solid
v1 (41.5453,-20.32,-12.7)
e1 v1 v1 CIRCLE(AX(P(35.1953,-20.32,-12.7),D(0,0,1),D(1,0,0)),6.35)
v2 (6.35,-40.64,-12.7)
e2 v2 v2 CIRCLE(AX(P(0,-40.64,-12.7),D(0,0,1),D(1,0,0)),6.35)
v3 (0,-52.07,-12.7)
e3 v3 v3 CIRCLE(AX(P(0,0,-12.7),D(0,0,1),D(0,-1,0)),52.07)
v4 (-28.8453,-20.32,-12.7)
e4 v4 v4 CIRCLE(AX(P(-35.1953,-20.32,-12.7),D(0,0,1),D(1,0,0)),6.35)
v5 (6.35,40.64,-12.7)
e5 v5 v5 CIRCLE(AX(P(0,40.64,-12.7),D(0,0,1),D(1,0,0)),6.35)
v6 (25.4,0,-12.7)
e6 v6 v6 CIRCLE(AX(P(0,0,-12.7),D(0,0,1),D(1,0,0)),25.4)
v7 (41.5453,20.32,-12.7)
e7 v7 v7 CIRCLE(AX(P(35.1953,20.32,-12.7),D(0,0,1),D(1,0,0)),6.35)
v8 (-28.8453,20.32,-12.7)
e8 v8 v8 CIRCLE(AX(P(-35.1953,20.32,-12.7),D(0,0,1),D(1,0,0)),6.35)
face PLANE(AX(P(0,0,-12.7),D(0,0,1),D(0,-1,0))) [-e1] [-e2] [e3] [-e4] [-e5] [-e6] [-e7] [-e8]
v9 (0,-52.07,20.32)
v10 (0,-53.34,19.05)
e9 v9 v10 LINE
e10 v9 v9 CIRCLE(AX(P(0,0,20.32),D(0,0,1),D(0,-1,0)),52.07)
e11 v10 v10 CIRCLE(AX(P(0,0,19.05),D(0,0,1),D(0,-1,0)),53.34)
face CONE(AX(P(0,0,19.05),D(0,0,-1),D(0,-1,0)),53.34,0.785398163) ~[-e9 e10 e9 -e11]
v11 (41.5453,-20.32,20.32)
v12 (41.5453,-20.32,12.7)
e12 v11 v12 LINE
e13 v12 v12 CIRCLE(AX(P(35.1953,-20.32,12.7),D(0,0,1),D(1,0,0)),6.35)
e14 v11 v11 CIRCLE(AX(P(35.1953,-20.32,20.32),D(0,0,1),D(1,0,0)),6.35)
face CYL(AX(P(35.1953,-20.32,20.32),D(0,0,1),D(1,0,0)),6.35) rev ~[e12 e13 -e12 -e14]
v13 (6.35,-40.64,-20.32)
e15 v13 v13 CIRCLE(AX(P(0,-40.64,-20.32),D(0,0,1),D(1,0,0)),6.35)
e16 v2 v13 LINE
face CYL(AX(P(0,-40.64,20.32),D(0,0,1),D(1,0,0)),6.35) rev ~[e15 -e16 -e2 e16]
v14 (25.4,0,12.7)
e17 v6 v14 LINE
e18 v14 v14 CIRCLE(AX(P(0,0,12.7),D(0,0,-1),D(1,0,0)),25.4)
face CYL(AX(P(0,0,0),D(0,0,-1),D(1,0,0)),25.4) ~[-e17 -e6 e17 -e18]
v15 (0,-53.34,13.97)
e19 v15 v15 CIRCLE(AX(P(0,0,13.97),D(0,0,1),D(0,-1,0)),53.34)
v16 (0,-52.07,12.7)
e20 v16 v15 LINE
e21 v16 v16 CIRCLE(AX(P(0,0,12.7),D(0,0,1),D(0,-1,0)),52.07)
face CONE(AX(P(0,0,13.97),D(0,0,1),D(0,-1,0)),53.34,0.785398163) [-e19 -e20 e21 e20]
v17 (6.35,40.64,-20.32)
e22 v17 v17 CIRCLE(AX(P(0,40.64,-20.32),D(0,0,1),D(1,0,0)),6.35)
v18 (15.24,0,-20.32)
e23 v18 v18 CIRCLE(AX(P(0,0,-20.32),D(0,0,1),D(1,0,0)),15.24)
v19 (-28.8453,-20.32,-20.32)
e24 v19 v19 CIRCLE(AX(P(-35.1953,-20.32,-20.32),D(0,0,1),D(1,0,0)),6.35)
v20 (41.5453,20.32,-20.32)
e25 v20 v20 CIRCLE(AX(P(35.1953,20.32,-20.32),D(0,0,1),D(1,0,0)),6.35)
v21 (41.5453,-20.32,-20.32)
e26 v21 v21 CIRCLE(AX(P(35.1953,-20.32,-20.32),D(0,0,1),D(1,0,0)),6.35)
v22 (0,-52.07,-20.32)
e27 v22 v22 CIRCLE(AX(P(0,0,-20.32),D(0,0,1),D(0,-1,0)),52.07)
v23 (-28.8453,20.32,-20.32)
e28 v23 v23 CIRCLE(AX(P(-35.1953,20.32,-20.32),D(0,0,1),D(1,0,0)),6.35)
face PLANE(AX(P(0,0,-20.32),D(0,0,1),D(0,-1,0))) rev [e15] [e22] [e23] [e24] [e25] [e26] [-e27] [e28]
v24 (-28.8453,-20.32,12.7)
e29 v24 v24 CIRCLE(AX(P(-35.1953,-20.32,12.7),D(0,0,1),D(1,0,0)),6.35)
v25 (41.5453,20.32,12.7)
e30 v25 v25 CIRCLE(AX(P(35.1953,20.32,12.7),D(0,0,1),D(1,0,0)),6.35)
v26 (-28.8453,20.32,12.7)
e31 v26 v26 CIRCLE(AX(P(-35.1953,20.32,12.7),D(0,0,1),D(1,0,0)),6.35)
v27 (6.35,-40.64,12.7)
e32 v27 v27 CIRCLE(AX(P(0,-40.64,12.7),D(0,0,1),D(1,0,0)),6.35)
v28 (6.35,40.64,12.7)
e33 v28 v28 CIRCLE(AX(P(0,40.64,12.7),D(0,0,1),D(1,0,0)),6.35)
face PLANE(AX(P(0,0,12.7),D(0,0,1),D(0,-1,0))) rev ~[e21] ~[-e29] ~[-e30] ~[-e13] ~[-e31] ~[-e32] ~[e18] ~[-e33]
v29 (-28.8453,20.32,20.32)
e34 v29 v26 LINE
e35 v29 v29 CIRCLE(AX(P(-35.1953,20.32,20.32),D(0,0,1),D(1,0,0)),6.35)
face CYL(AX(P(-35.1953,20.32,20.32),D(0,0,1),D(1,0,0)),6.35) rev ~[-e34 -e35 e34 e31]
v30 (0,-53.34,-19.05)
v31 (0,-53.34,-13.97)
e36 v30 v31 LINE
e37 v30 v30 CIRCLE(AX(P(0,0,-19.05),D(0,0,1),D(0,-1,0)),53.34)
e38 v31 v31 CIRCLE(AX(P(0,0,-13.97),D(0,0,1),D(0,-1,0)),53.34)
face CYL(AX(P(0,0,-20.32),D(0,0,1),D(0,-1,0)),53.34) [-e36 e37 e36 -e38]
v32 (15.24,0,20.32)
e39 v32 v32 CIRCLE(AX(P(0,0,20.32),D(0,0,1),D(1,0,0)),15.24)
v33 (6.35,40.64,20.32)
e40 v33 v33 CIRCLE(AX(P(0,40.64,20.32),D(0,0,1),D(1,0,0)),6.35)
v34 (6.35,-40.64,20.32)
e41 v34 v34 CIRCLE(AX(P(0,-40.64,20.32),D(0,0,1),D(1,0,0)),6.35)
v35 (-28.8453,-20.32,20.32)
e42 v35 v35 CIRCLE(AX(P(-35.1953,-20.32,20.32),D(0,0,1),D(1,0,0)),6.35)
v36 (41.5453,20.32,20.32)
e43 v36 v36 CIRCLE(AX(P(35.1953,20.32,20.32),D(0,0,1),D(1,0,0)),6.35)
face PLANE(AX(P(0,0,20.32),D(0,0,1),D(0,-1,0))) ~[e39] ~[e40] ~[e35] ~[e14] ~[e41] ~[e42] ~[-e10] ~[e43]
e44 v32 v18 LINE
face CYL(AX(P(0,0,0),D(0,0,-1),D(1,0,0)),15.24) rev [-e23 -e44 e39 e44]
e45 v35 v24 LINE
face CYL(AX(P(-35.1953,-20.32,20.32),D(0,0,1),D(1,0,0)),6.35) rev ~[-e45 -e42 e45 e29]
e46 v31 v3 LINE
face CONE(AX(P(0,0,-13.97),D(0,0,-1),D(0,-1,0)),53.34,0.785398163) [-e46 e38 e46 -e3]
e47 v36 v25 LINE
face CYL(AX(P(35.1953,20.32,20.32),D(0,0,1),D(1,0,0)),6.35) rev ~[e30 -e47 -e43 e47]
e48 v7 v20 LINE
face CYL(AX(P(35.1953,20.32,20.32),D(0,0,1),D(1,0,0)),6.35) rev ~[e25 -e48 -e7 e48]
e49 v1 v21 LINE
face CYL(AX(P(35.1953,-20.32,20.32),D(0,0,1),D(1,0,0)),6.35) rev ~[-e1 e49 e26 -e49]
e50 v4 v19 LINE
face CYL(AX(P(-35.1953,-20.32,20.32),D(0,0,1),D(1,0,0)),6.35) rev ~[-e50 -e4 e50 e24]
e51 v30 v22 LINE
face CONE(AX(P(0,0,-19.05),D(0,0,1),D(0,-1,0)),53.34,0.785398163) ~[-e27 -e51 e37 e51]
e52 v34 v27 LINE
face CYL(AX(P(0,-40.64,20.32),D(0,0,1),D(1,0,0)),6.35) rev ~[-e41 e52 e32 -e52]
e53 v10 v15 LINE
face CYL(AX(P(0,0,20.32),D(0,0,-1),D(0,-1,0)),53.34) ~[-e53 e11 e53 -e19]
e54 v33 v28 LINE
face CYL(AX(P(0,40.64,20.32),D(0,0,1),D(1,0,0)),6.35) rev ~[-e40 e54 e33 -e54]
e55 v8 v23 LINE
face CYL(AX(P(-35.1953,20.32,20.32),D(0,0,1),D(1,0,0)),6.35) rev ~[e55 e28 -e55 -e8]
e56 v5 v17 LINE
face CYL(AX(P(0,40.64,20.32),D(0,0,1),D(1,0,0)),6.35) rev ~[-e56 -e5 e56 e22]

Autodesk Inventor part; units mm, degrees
ref_plane "YZ Plane" through (0, 0, 0) normal (1, 0, 0) x (0, 1, 0)
ref_plane "XZ Plane" through (0, 0, 0) normal (0, 1, 0) x (-1, 0, 0)
ref_plane "XY Plane" through (0, 0, 0) normal (0, 0, 1) x (1, 0, 0)
sketch "Sketch1" plane through (0, 0, 0) normal (0, 0, 1) x (1, 0, 0)
  circle A0 centre (0, 0) radius 15.24
  circle A1 centre (0, 0) radius 25.4
  dimension "d0" = 30.48
  dimension "d1" = 50.8
extrude "Extrusion1" add sketch "Sketch1" along normal mid plane 40.64
sketch "Sketch2" plane through (0, 0, 0) normal (1, 0, 0) x (0, 1, 0)
  line L0 (25.4, -20.32) -> (15.24, -20.32) projected
  line L1 (15.24, -20.32) -> (15.24, 20.32) projected
  line L2 (15.24, 20.32) -> (25.4, 20.32) projected
  line L3 (25.4, 20.32) -> (25.4, -20.32) projected
  line L4 (-15.24, -20.32) -> (-25.4, -20.32) projected
  line L5 (-25.4, -20.32) -> (-25.4, 20.32) projected
  line L6 (-25.4, 20.32) -> (-15.24, 20.32) projected
  line L7 (-15.24, 20.32) -> (-15.24, -20.32) projected
  line L8 (25.4, -20.32) -> (15.24, -20.32) projected
  line L9 (15.24, -20.32) -> (15.24, 20.32) projected
  line L10 (15.24, 20.32) -> (25.4, 20.32) projected
  line L11 (25.4, 20.32) -> (25.4, -20.32) projected
  line L12 (-15.24, -20.32) -> (-25.4, -20.32) projected
  line L13 (-25.4, -20.32) -> (-25.4, 20.32) projected
  line L14 (-25.4, 20.32) -> (-15.24, 20.32) projected
  line L15 (-15.24, 20.32) -> (-15.24, -20.32) projected
  line L16 (-25.4, -20.32) -> (25.4, -20.32) projected
  line L17 (25.4, 20.32) -> (-25.4, 20.32) projected
  line L18 (-25.4, -20.32) -> (-53.34, -20.32)
  line L19 (-53.34, -20.32) -> (-53.34, -12.7)
  line L20 (-53.34, -12.7) -> (-25.4, -12.7)
  line L21 (-25.4, -12.7) -> (-25.4, -20.32)
  line L22 (25.4, 20.32) -> (-25.4, 20.32) projected
  line L23 (-25.4, 20.32) -> (-53.34, 20.32)
  line L24 (-53.34, 20.32) -> (-53.34, 12.7)
  line L25 (-53.34, 12.7) -> (-25.4, 12.7)
  line L26 (-25.4, 12.7) -> (-25.4, 20.32)
  line L27 (0, -28.448) -> (0, 28.448) projected
  point P0 (0, 0)
  dimension "d4" = 27.94
  dimension "d5" = 7.62
  dimension "d6" = 27.94
  dimension "d7" = 7.62
revolve "Revolution1" add sketch "Sketch2" angle 360 about axis through (0, 0, -10) along (0, 0, 1) contours L18 L19 L20 L5 | L5 L25 L24 L23
chamfer "Chamfer1" distance 1.27 angle 45 1 edges at (0, 53.34, -20.32) measured on face at (-31.6257, -42.9531, -15.24)
chamfer "Chamfer2" distance 1.27 angle 45 1 edges at (0, 53.34, -12.7) measured on face at (-31.6257, -42.9531, -14.8167)
chamfer "Chamfer3" distance 1.27 angle 45 2 edges at (0, 53.34, 20.32) (0, 53.34, 12.7) measured on face at (-31.6257, -42.9531, 17.78)
sketch "Sketch3" plane through (0, 0, 20.32) normal (0, 0, 1) x (1, 0, 0)
  circle A0 centre (0, 0) radius 40.64 construction
  circle A1 centre (0, 40.64) radius 6.35
  circle A2 centre (-35.1953, 20.32) radius 6.35
  circle A3 centre (-35.1953, -20.32) radius 6.35
  circle A4 centre (0, -40.64) radius 6.35
  circle A5 centre (35.1953, -20.32) radius 6.35
  circle A6 centre (35.1953, 20.32) radius 6.35
  dimension "d18" = 81.28
  dimension "d19" = 12.7
  dimension "d22" = 360
extrude "Extrusion2" cut sketch "Sketch3" against normal through all
equation "\"BendRadius\" = Thickness"
equation "\"BendReliefWidth\" = Thickness"
equation "\"BendReliefDepth\" = 0.5 * Thickness"
equation "\"CornerReliefSize\" = 4 * Thickness"
equation "\"MinimumRemnant\" = 2 * Thickness"
equation "\"TransitionRadius\" = BendRadius"
equation "\"JacobiRadiusSize\" = BendRadius"
equation "\"GapSize\" = Thickness"
equation "\"Thickness\" = 3.048"
properties part number "connecting rod hub" material "Brass, Soft Yellow"
